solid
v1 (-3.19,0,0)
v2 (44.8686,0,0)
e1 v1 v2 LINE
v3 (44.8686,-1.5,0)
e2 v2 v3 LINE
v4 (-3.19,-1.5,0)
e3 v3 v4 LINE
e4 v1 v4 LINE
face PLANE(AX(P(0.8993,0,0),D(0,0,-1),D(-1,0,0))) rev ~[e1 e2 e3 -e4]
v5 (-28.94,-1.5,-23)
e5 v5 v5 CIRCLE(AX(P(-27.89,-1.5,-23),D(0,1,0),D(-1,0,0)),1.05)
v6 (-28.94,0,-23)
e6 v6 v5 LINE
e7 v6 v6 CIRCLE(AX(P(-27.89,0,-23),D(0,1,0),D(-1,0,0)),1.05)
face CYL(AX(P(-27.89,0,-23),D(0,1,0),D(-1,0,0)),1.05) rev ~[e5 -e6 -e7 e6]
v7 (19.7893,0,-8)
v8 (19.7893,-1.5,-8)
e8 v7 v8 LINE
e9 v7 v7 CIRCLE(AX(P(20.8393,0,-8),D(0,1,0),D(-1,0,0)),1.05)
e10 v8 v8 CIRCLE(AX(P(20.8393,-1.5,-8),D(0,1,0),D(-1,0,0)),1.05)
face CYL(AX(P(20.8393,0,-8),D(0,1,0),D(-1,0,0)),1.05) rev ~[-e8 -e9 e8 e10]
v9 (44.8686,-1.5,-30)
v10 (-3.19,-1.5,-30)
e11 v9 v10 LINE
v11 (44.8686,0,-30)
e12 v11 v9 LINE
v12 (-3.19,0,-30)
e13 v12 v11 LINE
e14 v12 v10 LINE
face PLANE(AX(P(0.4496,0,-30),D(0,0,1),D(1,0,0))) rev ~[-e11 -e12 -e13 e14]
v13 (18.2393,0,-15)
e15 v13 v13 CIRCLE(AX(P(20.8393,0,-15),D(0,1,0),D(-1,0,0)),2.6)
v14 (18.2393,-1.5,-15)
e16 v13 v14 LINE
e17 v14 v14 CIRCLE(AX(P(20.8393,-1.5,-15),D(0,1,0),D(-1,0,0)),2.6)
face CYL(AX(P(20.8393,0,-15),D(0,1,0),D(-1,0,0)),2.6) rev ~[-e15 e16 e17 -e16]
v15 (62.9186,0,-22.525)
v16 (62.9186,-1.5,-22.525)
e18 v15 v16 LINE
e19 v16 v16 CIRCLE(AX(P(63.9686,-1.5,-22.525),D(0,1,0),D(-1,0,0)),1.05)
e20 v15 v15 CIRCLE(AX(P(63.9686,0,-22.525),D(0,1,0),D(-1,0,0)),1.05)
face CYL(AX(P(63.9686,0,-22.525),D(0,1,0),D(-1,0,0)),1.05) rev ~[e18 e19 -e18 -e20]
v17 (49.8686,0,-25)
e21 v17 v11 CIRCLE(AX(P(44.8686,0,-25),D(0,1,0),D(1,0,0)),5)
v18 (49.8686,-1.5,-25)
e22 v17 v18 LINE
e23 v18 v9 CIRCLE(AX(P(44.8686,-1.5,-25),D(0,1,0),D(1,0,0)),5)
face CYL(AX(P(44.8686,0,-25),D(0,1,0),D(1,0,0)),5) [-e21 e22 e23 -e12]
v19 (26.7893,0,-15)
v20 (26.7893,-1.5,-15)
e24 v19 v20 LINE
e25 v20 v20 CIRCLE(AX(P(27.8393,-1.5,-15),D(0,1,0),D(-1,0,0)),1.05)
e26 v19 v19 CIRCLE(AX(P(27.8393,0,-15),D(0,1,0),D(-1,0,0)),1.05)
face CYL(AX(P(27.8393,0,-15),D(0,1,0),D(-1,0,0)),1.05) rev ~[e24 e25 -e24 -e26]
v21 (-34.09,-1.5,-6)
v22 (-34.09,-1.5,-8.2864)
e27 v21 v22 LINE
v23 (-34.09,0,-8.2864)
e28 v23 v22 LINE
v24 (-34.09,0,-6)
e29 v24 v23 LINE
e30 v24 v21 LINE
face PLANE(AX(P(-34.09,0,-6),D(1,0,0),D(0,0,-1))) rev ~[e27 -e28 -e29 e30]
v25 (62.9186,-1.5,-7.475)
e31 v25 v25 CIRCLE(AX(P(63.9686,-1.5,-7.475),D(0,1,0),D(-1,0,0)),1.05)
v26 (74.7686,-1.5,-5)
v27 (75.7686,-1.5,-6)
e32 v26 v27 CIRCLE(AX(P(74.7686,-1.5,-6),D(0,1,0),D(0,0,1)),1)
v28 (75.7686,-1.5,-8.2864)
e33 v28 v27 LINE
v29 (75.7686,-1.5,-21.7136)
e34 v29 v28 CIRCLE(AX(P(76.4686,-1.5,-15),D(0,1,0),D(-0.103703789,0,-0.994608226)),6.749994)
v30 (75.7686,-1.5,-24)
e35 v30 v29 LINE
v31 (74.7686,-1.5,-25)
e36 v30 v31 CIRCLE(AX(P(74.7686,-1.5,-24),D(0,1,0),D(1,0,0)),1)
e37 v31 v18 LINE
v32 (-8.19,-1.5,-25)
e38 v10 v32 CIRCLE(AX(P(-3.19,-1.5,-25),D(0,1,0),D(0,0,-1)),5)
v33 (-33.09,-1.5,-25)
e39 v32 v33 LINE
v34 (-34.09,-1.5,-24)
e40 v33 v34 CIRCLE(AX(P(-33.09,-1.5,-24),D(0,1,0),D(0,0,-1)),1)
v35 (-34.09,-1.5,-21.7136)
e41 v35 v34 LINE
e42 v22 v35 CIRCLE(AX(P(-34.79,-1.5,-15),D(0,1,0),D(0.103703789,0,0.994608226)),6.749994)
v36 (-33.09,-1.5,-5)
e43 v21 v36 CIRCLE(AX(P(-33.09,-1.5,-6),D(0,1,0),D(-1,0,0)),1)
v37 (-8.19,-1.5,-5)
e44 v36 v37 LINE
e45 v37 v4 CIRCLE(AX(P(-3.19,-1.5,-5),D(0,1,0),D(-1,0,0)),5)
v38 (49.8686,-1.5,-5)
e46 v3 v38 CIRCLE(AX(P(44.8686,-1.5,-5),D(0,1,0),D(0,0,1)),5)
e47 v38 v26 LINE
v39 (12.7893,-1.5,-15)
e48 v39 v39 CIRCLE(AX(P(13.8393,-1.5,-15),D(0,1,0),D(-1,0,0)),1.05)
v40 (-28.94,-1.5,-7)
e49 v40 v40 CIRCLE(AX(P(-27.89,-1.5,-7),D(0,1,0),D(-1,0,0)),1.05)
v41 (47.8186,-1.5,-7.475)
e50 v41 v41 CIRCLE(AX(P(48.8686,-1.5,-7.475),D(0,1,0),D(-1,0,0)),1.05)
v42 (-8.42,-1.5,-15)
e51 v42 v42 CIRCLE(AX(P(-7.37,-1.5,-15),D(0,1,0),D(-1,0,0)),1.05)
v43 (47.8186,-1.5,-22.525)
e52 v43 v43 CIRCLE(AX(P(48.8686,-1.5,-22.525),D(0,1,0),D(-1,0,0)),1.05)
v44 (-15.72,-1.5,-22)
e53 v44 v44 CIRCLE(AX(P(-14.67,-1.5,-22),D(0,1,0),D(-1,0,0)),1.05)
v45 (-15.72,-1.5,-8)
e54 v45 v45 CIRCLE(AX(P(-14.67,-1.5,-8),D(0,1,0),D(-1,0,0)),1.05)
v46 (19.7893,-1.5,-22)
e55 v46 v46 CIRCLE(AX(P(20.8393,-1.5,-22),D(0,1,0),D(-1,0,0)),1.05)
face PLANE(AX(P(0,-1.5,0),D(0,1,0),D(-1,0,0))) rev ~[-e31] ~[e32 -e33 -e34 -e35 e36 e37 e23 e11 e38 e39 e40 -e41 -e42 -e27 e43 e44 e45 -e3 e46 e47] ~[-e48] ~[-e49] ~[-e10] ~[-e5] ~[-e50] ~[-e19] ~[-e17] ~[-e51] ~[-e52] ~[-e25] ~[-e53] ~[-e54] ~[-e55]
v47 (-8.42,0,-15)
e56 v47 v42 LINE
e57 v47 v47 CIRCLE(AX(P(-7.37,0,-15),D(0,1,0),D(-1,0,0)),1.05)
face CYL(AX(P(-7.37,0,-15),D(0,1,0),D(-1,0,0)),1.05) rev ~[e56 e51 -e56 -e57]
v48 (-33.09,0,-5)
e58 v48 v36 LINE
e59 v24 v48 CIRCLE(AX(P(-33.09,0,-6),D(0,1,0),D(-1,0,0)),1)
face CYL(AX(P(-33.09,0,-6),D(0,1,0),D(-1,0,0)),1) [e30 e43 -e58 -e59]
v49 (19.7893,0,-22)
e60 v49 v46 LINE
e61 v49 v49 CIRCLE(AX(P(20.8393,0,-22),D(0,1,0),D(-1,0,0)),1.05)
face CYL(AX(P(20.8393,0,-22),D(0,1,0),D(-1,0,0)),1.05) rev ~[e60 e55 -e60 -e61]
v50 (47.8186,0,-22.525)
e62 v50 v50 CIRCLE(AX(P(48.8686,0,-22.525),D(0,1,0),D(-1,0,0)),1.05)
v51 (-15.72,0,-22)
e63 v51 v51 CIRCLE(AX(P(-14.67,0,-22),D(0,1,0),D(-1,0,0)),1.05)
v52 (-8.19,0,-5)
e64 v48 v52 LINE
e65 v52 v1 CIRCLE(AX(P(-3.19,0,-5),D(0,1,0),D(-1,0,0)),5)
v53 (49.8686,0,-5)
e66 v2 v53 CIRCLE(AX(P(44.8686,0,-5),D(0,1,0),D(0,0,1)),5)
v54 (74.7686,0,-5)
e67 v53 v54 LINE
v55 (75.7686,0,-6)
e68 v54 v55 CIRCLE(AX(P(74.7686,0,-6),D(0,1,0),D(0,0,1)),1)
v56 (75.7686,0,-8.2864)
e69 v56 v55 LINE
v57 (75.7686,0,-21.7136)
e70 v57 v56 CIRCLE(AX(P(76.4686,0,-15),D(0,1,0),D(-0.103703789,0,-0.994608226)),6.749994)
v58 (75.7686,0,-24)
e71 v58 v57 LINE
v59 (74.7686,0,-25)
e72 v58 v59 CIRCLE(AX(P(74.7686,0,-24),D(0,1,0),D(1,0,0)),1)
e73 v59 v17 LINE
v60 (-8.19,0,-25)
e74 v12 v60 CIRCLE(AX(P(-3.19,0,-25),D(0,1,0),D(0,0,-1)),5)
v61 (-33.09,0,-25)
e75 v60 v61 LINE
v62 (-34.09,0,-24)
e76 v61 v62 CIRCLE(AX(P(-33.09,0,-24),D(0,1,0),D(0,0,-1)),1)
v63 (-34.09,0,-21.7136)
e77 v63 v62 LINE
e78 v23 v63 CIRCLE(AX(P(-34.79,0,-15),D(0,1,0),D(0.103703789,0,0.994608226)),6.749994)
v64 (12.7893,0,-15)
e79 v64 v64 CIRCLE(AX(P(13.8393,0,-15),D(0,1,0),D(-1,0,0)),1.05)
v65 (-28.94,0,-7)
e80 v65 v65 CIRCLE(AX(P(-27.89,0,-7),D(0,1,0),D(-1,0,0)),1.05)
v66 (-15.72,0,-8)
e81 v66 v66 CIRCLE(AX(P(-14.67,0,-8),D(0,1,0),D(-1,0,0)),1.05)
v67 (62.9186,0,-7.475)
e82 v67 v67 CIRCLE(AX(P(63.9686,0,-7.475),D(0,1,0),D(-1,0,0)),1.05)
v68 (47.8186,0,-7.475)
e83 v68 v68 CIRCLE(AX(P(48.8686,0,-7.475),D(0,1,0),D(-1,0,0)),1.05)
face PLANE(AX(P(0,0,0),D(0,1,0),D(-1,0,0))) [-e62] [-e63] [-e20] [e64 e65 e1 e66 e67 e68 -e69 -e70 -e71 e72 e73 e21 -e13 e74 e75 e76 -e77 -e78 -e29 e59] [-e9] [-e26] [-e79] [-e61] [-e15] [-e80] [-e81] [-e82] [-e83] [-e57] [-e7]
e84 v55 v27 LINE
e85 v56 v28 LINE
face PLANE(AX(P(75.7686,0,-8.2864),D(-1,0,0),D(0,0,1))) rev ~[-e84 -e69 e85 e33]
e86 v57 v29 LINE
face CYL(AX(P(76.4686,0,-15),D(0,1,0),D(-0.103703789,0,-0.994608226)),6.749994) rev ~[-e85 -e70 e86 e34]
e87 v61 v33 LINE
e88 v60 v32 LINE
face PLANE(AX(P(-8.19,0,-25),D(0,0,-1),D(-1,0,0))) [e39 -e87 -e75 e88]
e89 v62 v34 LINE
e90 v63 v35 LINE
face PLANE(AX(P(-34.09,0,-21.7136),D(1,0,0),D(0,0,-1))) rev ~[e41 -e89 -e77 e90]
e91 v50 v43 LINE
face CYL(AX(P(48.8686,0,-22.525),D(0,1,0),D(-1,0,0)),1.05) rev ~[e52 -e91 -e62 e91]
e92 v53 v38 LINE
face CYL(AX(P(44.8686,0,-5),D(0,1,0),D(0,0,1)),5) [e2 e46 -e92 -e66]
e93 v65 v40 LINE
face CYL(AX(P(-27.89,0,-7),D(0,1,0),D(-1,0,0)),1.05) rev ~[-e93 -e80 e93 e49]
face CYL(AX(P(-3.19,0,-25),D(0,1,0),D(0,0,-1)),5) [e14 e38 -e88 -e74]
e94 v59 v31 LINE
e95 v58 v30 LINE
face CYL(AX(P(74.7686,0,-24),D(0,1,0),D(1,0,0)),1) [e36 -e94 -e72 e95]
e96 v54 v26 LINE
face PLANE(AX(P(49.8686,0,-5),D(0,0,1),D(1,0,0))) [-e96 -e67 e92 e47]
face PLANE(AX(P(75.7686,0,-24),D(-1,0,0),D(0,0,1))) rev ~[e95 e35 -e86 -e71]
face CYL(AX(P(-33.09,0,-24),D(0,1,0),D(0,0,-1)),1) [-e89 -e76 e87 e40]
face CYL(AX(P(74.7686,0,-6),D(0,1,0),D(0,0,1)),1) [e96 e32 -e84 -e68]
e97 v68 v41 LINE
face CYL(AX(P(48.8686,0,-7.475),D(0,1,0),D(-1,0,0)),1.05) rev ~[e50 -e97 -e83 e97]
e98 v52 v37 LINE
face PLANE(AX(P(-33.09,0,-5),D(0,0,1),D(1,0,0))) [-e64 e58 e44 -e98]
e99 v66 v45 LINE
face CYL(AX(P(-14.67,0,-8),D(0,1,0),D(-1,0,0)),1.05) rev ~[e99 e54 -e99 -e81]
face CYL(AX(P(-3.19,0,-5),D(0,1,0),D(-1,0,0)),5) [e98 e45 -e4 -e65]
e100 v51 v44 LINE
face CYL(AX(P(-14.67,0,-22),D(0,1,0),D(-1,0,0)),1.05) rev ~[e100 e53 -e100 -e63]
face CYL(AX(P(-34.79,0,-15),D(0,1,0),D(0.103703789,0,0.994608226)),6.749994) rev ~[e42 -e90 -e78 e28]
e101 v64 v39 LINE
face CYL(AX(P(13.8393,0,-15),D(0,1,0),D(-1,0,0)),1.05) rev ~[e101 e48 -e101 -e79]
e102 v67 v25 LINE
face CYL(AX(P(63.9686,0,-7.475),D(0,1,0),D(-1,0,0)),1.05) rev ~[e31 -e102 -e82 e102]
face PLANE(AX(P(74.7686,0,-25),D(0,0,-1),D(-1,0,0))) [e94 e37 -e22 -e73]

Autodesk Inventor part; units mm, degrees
ref_plane "YZ Plane" through (0, 0, 0) normal (1, 0, 0) x (0, 1, 0)
ref_plane "XZ Plane" through (0, 0, 0) normal (0, 1, 0) x (-1, 0, 0)
ref_plane "XY Plane" through (0, 0, 0) normal (0, 0, 1) x (1, 0, 0)
sketch "Sketch1" plane through (0, 0, 0) normal (0, 1, 0) x (-1, 0, 0)
  line L0 (-0.4496, -30) -> (-0.4496, 0)
  line L1 (-41.2289, 0) -> (-41.2289, -30)
  circle A0 centre (-63.9686, -7.475) radius 1.05
  circle A1 centre (-48.8686, -7.475) radius 1.05
  circle A2 centre (-63.9686, -22.525) radius 1.05
  circle A3 centre (-48.8686, -22.525) radius 1.05
  circle A4 centre (7.37, -15) radius 1.05
  circle A5 centre (14.67, -8) radius 1.05
  circle A6 centre (14.67, -22) radius 1.05
  circle A7 centre (27.89, -7) radius 1.05
  circle A8 centre (27.89, -23) radius 1.05
  circle A9 centre (-20.8393, -15) radius 2.6
  circle A10 centre (-27.8393, -15) radius 1.05
  circle A11 centre (-20.8393, -8) radius 1.05
  circle A12 centre (-20.8393, -22) radius 1.05
  circle A13 centre (-13.8393, -15) radius 1.05
  arc A14 (-75.7686, -21.7136) -> (-75.7686, -8.2864) centre (-76.4686, -15) ccw
  line L2 (-75.7686, -24) -> (-75.7686, -21.7136)
  arc A15 (-75.7686, -24) -> (-74.7686, -25) centre (-74.7686, -24) ccw
  line L3 (-74.7686, -25) -> (-49.8686, -25)
  arc A16 (-49.8686, -25) -> (-44.8686, -30) centre (-44.8686, -25) ccw
  line L4 (3.19, -30) -> (-44.8686, -30)
  arc A17 (3.19, -30) -> (8.19, -25) centre (3.19, -25) ccw
  line L5 (8.19, -25) -> (33.09, -25)
  arc A18 (33.09, -25) -> (34.09, -24) centre (33.09, -24) ccw
  line L6 (34.09, -21.7136) -> (34.09, -24)
  arc A19 (34.09, -8.2864) -> (34.09, -21.7136) centre (34.79, -15) ccw
  line L7 (34.09, -6) -> (34.09, -8.2864)
  arc A20 (34.09, -6) -> (33.09, -5) centre (33.09, -6) ccw
  line L8 (33.09, -5) -> (8.19, -5)
  arc A21 (8.19, -5) -> (3.19, 0) centre (3.19, -5) ccw
  line L9 (-44.8686, 0) -> (3.19, 0)
  arc A22 (-44.8686, 0) -> (-49.8686, -5) centre (-44.8686, -5) ccw
  line L10 (-49.8686, -5) -> (-74.7686, -5)
  arc A23 (-74.7686, -5) -> (-75.7686, -6) centre (-74.7686, -6) ccw
  line L11 (-75.7686, -8.2864) -> (-75.7686, -6)
  line L12 (-41.6786, -30) -> (-41.6786, 0)
  line L13 (-40.7793, 0) -> (-40.7793, -30)
  line L14 (-0.8993, -30) -> (-0.8993, 0)
  line L15 (0, 0) -> (0, -30)
extrude "Extrusion1" add sketch "Sketch1" against normal blind 1.5
properties part number "axis_18_top_frame"
